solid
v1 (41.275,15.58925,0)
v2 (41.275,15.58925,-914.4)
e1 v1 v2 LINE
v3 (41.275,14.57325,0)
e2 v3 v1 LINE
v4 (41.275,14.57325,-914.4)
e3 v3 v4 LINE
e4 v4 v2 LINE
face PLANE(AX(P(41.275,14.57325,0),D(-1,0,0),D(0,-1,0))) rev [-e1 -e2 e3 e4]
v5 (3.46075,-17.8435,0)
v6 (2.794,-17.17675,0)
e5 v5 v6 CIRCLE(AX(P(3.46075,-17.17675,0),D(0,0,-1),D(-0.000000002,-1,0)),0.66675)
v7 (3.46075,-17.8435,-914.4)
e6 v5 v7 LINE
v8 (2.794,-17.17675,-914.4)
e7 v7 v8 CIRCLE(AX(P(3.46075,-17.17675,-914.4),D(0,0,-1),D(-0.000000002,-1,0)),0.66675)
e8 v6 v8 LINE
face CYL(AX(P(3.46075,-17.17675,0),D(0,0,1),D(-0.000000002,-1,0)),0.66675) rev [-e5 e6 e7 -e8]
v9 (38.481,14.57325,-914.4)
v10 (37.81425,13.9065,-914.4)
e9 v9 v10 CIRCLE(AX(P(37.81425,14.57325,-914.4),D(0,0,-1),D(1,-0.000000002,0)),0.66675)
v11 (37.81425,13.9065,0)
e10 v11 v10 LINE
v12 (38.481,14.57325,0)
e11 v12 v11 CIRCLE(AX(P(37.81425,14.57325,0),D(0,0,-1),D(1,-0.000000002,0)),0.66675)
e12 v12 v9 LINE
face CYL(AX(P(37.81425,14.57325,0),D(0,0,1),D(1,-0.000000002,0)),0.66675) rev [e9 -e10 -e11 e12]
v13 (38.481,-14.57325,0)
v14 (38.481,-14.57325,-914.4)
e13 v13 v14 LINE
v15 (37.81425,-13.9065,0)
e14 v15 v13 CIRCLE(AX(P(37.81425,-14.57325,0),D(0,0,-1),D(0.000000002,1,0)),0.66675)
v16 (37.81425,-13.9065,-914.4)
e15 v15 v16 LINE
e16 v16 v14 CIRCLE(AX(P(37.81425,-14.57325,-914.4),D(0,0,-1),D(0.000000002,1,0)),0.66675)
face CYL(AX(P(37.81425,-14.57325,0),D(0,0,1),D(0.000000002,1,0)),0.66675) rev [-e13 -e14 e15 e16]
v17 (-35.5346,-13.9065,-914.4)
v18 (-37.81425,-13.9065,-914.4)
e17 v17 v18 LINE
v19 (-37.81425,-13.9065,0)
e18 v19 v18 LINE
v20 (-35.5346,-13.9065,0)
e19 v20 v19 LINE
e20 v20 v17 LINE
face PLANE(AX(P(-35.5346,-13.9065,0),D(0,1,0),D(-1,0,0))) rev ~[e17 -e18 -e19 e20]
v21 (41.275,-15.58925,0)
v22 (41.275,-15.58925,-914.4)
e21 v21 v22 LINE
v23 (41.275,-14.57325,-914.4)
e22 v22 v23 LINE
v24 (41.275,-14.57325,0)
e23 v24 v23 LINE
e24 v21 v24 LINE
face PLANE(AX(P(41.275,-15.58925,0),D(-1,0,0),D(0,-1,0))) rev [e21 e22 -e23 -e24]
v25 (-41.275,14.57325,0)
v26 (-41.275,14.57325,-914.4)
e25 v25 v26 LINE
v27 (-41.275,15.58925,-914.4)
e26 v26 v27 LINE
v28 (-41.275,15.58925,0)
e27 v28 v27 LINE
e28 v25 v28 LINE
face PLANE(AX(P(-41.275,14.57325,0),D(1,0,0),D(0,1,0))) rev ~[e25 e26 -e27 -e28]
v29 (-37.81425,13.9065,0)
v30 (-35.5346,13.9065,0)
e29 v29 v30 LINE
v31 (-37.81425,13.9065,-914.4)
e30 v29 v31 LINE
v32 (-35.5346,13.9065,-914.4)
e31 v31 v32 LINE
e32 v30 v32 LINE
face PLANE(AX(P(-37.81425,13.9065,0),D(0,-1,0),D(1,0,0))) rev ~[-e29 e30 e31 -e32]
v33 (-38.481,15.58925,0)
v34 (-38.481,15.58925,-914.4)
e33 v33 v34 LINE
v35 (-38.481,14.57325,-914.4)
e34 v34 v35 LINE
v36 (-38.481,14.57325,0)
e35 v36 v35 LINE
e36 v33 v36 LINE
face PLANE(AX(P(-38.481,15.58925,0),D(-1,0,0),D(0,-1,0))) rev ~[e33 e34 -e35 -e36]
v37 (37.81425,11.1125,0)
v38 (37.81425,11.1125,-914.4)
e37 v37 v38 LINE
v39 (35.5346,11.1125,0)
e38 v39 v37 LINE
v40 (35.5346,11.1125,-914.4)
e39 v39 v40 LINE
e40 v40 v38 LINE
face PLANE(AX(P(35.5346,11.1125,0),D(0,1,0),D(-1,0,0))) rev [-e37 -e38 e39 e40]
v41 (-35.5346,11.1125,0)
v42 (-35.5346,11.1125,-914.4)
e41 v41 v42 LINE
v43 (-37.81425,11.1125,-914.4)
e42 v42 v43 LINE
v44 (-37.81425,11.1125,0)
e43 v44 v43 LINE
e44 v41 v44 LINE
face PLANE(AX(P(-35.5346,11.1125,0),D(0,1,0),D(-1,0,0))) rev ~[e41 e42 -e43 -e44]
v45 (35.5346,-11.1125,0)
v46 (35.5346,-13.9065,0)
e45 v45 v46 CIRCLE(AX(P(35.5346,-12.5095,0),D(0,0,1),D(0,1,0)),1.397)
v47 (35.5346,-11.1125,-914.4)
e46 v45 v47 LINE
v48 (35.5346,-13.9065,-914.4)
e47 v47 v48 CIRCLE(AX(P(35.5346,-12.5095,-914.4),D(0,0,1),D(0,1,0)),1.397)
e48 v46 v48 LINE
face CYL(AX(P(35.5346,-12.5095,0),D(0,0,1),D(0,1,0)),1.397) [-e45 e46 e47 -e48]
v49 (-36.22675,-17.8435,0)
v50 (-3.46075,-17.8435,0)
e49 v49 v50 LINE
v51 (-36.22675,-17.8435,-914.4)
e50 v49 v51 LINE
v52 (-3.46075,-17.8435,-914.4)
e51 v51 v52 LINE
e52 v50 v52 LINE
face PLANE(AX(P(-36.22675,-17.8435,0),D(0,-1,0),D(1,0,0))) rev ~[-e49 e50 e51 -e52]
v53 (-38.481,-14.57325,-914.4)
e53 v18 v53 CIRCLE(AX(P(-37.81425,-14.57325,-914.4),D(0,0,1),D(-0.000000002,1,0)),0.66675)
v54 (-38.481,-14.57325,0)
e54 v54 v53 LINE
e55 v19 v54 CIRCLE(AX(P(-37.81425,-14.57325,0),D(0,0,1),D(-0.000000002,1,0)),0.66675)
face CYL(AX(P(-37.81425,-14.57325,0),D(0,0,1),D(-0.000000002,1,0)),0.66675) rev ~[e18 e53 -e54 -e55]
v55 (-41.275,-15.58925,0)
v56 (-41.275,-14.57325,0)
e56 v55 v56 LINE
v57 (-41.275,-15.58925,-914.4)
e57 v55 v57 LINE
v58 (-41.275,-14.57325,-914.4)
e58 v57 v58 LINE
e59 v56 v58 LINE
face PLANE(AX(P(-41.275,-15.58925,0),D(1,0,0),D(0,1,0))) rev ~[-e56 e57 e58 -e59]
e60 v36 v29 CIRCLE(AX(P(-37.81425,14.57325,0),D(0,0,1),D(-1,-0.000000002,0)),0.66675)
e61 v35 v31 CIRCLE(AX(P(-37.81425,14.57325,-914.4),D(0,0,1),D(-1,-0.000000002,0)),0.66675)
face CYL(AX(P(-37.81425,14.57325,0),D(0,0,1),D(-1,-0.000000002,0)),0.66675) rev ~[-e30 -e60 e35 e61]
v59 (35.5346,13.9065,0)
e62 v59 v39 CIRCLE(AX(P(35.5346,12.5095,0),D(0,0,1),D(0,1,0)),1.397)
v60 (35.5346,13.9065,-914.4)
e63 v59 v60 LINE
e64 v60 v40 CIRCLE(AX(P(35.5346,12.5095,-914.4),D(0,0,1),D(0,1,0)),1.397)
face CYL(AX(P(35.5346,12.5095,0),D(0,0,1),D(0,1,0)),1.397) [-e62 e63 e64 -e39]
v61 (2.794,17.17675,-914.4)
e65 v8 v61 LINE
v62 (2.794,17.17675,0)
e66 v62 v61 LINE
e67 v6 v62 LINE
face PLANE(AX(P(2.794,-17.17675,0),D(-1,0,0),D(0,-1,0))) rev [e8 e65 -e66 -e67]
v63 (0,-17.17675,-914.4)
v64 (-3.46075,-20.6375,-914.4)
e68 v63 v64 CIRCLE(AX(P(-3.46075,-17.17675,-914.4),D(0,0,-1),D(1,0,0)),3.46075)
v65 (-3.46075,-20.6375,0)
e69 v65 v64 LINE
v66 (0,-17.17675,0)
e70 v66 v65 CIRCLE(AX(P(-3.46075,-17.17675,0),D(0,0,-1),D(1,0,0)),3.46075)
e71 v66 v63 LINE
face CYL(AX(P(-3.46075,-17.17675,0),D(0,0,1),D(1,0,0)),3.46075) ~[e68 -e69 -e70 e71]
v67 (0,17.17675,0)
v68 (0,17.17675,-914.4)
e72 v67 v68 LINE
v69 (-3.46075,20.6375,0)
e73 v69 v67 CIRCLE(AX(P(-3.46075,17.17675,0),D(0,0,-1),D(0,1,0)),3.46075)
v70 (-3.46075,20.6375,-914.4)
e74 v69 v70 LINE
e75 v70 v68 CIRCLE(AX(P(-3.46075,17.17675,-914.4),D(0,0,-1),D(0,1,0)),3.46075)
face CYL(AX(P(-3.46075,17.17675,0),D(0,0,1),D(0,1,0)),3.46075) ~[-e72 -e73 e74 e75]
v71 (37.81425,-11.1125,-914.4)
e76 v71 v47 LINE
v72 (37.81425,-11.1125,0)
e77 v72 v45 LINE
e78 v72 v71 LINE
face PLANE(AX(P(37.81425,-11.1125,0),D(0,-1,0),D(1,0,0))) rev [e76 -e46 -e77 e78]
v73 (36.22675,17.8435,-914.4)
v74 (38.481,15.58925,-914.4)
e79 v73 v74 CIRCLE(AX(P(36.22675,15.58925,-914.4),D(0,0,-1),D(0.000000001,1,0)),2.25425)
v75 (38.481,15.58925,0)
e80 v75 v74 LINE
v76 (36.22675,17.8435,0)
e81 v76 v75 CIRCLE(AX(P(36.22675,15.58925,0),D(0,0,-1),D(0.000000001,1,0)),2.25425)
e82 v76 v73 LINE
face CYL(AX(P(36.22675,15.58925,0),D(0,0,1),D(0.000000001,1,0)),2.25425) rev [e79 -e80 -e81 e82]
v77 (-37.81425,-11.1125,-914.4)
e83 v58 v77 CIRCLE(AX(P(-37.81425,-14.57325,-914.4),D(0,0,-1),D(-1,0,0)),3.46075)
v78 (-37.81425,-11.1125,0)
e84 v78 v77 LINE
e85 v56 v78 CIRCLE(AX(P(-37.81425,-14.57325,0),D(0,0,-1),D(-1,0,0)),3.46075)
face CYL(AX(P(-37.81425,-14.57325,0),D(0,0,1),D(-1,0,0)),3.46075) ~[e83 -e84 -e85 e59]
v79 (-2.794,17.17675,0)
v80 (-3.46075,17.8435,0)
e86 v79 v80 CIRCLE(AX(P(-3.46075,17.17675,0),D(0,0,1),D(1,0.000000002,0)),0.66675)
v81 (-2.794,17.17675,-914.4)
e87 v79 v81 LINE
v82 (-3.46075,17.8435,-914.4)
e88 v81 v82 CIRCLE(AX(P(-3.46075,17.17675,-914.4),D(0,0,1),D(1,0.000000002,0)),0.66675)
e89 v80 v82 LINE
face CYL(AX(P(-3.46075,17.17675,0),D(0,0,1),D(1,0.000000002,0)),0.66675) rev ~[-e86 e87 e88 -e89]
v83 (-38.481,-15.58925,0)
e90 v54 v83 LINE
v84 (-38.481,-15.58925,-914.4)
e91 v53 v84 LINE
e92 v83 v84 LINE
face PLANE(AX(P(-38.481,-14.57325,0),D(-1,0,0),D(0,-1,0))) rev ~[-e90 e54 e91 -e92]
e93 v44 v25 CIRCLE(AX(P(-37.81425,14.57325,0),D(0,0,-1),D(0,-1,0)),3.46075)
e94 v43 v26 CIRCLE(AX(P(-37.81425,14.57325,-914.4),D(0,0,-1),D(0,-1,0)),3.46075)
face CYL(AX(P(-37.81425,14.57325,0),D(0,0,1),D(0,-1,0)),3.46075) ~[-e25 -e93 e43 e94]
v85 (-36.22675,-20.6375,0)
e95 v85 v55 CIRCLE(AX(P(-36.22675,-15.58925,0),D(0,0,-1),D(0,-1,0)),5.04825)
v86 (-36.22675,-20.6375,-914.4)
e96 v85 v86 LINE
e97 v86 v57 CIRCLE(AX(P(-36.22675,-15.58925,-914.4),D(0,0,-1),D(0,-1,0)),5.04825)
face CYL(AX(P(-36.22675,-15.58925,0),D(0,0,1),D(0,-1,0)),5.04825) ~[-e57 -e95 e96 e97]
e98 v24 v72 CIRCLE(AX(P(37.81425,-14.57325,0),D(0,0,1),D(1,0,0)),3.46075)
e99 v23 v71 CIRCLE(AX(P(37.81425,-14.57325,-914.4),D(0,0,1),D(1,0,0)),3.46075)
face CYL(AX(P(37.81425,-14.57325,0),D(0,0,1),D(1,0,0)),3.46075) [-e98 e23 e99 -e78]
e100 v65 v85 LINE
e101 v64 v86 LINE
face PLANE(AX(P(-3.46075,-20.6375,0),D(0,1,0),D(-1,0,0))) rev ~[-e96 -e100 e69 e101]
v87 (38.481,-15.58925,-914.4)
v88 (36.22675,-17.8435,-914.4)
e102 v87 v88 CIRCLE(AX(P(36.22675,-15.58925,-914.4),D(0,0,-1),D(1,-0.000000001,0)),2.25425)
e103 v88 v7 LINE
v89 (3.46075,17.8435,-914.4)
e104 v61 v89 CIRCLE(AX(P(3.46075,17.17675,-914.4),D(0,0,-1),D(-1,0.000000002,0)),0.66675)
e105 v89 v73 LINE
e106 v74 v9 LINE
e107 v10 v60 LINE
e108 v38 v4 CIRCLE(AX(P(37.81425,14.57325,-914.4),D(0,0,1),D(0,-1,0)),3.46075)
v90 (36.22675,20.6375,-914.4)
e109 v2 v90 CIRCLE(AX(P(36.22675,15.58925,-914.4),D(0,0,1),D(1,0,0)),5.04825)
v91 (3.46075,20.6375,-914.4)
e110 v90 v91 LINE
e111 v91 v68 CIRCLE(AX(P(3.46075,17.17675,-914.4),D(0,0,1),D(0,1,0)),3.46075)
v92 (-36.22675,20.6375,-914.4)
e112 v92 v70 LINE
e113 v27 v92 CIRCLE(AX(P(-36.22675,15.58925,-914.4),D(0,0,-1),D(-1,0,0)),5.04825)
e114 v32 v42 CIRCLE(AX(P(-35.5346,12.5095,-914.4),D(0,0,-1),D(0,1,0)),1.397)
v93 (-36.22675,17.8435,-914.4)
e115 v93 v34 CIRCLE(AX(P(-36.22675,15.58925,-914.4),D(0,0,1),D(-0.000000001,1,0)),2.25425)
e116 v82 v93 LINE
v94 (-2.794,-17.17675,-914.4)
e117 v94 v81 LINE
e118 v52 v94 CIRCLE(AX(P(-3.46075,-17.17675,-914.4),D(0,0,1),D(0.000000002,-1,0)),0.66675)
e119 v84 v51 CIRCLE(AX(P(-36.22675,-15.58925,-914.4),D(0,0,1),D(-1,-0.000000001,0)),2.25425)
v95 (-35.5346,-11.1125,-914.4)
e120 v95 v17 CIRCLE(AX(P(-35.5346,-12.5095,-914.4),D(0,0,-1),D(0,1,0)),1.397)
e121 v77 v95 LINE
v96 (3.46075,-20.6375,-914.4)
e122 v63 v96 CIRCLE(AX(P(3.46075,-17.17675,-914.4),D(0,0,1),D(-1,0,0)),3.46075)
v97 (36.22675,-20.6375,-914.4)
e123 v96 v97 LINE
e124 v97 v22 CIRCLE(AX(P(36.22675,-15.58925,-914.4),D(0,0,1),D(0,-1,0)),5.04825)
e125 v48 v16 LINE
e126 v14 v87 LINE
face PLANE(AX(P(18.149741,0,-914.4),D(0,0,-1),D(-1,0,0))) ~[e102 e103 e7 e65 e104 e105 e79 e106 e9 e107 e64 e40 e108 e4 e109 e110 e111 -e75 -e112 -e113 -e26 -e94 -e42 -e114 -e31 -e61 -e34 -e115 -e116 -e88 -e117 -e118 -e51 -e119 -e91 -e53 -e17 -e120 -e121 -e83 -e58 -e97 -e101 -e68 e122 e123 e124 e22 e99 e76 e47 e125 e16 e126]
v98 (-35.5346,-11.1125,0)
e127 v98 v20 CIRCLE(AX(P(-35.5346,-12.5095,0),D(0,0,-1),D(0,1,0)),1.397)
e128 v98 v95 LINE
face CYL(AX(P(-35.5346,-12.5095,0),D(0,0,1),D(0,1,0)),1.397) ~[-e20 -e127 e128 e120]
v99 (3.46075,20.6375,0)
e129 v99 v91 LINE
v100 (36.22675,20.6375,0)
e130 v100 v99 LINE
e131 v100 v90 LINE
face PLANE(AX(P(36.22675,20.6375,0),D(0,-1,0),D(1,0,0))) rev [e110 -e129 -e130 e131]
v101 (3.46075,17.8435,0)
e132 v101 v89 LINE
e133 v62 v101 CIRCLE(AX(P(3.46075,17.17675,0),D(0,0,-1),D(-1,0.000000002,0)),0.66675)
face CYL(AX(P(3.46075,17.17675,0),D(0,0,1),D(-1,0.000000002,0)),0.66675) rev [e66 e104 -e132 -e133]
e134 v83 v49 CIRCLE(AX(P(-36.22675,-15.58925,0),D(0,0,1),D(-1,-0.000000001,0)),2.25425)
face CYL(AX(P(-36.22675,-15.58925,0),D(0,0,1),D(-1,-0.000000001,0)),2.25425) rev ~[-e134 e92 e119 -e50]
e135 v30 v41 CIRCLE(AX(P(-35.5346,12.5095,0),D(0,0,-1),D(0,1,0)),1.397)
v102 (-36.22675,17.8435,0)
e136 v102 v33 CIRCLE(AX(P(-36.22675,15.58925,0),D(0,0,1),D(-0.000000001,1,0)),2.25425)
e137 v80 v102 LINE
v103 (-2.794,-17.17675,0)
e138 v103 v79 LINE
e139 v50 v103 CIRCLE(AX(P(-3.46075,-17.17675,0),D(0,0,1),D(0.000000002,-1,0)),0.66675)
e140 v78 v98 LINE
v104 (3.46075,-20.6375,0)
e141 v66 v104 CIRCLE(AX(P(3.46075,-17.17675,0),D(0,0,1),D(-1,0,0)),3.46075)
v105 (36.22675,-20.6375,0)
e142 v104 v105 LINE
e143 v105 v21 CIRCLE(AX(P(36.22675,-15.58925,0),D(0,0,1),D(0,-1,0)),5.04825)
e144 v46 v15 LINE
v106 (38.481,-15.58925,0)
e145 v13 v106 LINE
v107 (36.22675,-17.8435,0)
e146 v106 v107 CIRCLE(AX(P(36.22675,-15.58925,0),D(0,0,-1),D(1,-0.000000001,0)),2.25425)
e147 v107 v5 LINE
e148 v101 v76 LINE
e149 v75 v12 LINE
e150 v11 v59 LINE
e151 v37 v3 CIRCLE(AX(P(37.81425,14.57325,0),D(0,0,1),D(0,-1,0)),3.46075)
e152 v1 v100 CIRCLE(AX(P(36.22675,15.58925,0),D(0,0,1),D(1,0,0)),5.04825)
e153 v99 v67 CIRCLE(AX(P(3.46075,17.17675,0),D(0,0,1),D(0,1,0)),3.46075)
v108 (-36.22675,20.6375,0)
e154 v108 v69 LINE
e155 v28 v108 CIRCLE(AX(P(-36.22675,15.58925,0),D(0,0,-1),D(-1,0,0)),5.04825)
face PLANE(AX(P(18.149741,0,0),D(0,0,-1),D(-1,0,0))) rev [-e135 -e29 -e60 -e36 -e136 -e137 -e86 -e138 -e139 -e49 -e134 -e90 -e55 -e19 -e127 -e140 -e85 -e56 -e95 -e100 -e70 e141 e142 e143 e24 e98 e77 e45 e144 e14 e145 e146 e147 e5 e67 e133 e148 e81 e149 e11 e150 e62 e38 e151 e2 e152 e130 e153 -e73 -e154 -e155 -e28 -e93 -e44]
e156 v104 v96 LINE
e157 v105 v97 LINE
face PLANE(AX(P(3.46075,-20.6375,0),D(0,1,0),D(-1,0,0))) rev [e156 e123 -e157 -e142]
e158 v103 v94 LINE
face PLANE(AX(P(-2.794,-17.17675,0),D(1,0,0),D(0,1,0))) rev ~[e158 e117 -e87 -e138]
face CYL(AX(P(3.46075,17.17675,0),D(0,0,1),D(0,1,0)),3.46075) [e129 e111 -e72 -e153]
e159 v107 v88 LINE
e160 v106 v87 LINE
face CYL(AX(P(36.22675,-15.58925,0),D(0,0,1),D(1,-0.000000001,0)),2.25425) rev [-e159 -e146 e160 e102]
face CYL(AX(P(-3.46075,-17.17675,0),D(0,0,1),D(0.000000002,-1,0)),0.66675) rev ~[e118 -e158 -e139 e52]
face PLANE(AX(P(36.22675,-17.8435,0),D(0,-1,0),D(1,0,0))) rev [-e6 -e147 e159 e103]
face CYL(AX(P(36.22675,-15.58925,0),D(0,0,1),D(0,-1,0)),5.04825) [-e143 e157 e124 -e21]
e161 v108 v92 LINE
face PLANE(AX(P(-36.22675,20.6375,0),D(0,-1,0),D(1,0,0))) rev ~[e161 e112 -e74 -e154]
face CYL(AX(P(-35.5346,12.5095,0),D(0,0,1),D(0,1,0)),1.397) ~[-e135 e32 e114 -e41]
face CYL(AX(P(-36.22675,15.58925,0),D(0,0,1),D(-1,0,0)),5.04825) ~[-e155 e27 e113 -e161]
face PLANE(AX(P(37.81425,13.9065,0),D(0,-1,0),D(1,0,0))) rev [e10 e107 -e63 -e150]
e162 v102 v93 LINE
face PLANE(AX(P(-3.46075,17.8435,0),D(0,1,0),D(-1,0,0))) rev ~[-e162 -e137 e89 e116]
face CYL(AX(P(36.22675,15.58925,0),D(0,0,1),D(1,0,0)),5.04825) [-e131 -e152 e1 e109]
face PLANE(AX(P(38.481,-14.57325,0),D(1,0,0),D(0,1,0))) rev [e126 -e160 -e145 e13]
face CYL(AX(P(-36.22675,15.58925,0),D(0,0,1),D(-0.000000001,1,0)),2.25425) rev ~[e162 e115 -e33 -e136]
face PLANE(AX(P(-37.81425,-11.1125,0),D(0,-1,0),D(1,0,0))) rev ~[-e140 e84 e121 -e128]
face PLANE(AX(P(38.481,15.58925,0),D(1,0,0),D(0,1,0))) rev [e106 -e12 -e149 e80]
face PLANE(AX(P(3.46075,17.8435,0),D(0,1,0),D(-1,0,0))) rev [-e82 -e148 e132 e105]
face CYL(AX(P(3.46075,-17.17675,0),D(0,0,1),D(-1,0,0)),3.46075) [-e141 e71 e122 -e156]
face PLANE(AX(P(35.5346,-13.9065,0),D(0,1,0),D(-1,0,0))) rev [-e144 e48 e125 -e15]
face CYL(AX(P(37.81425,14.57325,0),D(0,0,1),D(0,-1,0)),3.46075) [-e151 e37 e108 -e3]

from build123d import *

# Parameters (mm, degrees)
BOSS_EXTRUDE1_DEPTH = 914.4


with BuildPart() as part:
    # Sketch1 → Boss-Extrude1 (new body)
    with BuildSketch(Plane.XY):
        with BuildLine():
            Line((-36.22675, 20.6375), (-3.46075, 20.6375))
            ThreePointArc((-3.46075, 20.6375), (-1.013630207, 19.623869793), (0, 17.17675))
            Line((0, 17.17675), (0, -17.17675))
            ThreePointArc((0, -17.17675), (-1.013630207, -19.623869793), (-3.46075, -20.6375))
            Line((-3.46075, -20.6375), (-36.22675, -20.6375))
            ThreePointArc((-36.22675, -20.6375), (-39.796401808, -19.158901808), (-41.275, -15.58925))
            Line((-41.275, -15.58925), (-41.275, -14.57325))
            ThreePointArc((-41.275, -14.57325), (-40.261369793, -12.126130207), (-37.81425, -11.1125))
            Line((-37.81425, -11.1125), (-35.5346, -11.1125))
            ThreePointArc((-35.5346, -11.1125), (-34.1376, -12.5095), (-35.5346, -13.9065))
            Line((-35.5346, -13.9065), (-37.81425, -13.9065))
            ThreePointArc((-37.81425, -13.9065), (-38.285713446, -14.101786554), (-38.481, -14.57325))
            Line((-38.481, -14.57325), (-38.481, -15.58925))
            ThreePointArc((-38.481, -15.58925), (-37.820745461, -17.183245461), (-36.22675, -17.8435))
            Line((-36.22675, -17.8435), (-3.46075, -17.8435))
            ThreePointArc((-3.46075, -17.8435), (-2.989286554, -17.648213446), (-2.794, -17.17675))
            Line((-2.794, -17.17675), (-2.794, 17.17675))
            ThreePointArc((-2.794, 17.17675), (-2.989286554, 17.648213446), (-3.46075, 17.8435))
            Line((-3.46075, 17.8435), (-36.22675, 17.8435))
            ThreePointArc((-36.22675, 17.8435), (-37.820745461, 17.183245461), (-38.481, 15.58925))
            Line((-38.481, 15.58925), (-38.481, 14.57325))
            ThreePointArc((-38.481, 14.57325), (-38.285713446, 14.101786554), (-37.81425, 13.9065))
            Line((-37.81425, 13.9065), (-35.5346, 13.9065))
            ThreePointArc((-35.5346, 13.9065), (-34.1376, 12.5095), (-35.5346, 11.1125))
            Line((-35.5346, 11.1125), (-37.81425, 11.1125))
            ThreePointArc((-37.81425, 11.1125), (-40.261369793, 12.126130207), (-41.275, 14.57325))
            Line((-41.275, 14.57325), (-41.275, 15.58925))
            ThreePointArc((-41.275, 15.58925), (-39.796401808, 19.158901808), (-36.22675, 20.6375))
        make_face()
    extrude(amount=-BOSS_EXTRUDE1_DEPTH)


with BuildPart() as body_2:
    # Mirror1: mirrored copy
    add(part.part.mirror(Plane(origin=(0, 17.17675, -914.4), x_dir=(0, 0, 1), z_dir=(1, 0, 0))))


with BuildPart() as part_1:
    add(part.part)

    # Combine1: union body 2
    add(body_2.part)


solid = part_1.part
